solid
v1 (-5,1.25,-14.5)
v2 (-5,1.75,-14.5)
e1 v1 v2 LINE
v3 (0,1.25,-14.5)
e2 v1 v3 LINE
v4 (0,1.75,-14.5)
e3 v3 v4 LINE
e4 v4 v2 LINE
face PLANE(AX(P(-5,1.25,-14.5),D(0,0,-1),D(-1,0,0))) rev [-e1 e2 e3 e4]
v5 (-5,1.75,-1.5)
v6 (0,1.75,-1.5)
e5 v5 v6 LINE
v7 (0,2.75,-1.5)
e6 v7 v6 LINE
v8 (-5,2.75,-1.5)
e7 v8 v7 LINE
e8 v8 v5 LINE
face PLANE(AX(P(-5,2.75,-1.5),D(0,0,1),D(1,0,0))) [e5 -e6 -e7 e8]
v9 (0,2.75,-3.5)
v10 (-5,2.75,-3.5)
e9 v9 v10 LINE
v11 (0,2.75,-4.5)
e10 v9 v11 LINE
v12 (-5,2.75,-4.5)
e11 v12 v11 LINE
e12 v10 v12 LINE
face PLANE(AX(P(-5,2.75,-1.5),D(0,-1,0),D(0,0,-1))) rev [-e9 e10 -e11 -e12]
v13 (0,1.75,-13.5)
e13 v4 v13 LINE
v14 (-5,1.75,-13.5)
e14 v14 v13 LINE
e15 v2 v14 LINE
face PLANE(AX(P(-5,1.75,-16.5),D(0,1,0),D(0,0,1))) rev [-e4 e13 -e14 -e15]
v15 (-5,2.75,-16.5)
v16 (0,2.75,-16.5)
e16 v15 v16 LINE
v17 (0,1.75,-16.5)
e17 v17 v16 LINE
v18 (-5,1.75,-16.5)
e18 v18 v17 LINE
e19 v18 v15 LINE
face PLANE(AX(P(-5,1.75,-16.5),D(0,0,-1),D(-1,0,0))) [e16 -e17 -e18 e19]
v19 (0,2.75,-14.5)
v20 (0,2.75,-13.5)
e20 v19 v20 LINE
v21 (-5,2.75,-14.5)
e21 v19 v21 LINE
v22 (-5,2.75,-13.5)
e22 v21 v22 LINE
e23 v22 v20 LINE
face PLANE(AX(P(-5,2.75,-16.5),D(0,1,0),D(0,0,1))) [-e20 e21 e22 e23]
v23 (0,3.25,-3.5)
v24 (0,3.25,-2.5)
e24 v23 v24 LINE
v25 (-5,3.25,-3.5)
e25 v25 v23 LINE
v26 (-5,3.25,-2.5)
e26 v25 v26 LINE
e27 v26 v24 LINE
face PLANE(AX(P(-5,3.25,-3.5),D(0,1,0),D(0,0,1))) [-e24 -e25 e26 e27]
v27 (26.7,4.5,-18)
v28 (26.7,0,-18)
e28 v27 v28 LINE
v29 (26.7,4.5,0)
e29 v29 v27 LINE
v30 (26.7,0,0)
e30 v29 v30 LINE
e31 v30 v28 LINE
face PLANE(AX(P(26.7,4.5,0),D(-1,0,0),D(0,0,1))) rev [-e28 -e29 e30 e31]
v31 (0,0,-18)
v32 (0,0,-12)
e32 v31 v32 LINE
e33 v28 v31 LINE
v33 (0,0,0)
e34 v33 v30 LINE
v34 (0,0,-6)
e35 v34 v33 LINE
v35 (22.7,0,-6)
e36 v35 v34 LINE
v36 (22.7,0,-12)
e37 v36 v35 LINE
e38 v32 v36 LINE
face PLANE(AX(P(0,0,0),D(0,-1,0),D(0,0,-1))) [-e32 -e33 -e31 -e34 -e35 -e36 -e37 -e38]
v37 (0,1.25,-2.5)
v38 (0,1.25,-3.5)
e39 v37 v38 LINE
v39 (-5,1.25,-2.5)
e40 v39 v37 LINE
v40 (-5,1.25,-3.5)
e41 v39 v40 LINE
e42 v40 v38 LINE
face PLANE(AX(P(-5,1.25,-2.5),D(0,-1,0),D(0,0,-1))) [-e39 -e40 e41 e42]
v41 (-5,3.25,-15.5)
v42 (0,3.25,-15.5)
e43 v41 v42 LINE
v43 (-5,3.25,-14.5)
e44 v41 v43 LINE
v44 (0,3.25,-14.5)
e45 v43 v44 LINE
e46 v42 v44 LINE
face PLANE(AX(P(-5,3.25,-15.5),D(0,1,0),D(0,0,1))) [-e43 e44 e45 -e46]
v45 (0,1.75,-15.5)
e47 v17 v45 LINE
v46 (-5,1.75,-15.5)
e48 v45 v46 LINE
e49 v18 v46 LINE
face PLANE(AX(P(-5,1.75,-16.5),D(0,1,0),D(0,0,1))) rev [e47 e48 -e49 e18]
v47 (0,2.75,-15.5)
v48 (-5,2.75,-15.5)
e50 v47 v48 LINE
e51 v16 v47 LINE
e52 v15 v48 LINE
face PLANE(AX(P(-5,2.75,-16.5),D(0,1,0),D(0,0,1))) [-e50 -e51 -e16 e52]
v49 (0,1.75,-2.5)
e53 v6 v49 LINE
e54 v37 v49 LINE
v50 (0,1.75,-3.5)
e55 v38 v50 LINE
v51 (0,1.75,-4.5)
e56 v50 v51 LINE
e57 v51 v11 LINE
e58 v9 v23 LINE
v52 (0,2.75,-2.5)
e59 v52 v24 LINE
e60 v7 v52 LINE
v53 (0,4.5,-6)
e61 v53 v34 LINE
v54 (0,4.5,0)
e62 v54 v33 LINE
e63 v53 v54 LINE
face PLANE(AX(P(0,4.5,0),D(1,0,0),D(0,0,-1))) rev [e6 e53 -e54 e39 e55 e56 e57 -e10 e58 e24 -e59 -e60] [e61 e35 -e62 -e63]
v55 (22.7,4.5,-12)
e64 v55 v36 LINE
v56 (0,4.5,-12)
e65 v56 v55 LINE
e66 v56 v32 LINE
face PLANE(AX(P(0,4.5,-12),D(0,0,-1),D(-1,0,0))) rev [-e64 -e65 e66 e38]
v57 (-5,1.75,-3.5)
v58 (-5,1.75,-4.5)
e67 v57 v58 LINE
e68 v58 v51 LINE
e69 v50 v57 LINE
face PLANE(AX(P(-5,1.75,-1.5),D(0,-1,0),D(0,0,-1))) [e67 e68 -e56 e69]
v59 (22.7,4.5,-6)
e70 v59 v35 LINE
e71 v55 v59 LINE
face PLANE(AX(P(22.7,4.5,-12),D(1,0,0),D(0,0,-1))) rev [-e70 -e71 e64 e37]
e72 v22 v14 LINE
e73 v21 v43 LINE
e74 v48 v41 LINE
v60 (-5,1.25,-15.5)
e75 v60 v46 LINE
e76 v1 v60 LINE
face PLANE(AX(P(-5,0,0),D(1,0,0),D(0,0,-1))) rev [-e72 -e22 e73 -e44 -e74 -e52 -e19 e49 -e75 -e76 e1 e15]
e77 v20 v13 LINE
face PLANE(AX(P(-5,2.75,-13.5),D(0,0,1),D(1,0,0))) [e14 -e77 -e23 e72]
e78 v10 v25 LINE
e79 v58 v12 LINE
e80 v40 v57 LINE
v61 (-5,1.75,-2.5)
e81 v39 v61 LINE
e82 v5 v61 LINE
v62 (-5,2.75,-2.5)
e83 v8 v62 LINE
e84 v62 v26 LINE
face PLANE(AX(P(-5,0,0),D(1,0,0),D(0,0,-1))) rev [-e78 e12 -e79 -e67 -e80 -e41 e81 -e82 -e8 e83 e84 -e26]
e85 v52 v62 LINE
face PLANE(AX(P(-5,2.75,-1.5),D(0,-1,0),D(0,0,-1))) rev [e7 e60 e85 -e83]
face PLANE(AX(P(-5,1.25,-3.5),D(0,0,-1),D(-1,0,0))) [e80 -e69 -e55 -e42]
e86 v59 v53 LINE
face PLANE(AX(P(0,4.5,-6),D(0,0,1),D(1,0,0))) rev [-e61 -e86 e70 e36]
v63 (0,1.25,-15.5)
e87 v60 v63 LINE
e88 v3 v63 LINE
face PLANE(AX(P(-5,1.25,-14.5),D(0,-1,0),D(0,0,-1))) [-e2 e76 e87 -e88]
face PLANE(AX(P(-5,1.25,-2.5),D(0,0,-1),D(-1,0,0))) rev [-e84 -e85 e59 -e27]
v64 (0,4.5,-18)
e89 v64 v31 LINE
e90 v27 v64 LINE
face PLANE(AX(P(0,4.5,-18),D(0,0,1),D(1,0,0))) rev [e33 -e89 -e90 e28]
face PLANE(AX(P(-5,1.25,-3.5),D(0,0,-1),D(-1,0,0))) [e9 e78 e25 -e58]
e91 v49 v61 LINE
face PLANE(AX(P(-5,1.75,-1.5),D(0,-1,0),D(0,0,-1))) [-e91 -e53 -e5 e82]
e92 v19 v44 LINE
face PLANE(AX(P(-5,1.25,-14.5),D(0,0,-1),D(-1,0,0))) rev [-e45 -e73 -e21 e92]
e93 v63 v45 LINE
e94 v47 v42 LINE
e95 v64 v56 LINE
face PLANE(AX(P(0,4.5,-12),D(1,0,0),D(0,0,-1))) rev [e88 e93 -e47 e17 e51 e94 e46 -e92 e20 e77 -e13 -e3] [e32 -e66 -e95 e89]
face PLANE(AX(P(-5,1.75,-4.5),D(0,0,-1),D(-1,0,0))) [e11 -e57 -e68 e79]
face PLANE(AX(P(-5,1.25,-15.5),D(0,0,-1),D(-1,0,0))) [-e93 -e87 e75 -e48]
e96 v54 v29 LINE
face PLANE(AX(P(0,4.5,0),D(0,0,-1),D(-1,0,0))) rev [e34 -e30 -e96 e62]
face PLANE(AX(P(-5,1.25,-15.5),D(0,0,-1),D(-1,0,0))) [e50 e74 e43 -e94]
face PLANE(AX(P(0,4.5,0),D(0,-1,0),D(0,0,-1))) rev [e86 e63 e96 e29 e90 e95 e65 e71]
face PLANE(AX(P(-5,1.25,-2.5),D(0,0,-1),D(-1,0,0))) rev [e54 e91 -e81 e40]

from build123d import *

# Parameters (mm, degrees)
BOSS_EXTRUDE1_DEPTH = 4.5
SKETCH3_W           = 3
SKETCH3_H           = 1
SKETCH3_W_2         = 1
SKETCH3_H_2         = 2
EXTRUDE_THIN1_DEPTH = 5


with BuildPart() as part:
    # Sketch1 → Boss-Extrude1 (new body)
    with BuildSketch(Plane(origin=(0, 0, 0), x_dir=(1, 0, 0), z_dir=(0, 1, 0))):
        Polygon((0, 12), (0, 18), (26.7, 18), (26.7, 0), (0, 0), (0, 6), (22.7, 6), (22.7, 12), align=None)
    extrude(amount=BOSS_EXTRUDE1_DEPTH)

    # Sketch3 → Extrude-Thin1 (add)
    with BuildSketch(Plane.ZY):
        with Locations((-15, 2.25)):
            Rectangle(SKETCH3_W, SKETCH3_H)
        with Locations((-15, 2.25)):
            Rectangle(SKETCH3_W_2, SKETCH3_H_2)
        with Locations((-3, 2.25)):
            Rectangle(SKETCH3_W_2, SKETCH3_H_2)
        with Locations((-3, 2.25)):
            Rectangle(SKETCH3_W, SKETCH3_H)
    extrude(amount=EXTRUDE_THIN1_DEPTH)


solid = part.part
